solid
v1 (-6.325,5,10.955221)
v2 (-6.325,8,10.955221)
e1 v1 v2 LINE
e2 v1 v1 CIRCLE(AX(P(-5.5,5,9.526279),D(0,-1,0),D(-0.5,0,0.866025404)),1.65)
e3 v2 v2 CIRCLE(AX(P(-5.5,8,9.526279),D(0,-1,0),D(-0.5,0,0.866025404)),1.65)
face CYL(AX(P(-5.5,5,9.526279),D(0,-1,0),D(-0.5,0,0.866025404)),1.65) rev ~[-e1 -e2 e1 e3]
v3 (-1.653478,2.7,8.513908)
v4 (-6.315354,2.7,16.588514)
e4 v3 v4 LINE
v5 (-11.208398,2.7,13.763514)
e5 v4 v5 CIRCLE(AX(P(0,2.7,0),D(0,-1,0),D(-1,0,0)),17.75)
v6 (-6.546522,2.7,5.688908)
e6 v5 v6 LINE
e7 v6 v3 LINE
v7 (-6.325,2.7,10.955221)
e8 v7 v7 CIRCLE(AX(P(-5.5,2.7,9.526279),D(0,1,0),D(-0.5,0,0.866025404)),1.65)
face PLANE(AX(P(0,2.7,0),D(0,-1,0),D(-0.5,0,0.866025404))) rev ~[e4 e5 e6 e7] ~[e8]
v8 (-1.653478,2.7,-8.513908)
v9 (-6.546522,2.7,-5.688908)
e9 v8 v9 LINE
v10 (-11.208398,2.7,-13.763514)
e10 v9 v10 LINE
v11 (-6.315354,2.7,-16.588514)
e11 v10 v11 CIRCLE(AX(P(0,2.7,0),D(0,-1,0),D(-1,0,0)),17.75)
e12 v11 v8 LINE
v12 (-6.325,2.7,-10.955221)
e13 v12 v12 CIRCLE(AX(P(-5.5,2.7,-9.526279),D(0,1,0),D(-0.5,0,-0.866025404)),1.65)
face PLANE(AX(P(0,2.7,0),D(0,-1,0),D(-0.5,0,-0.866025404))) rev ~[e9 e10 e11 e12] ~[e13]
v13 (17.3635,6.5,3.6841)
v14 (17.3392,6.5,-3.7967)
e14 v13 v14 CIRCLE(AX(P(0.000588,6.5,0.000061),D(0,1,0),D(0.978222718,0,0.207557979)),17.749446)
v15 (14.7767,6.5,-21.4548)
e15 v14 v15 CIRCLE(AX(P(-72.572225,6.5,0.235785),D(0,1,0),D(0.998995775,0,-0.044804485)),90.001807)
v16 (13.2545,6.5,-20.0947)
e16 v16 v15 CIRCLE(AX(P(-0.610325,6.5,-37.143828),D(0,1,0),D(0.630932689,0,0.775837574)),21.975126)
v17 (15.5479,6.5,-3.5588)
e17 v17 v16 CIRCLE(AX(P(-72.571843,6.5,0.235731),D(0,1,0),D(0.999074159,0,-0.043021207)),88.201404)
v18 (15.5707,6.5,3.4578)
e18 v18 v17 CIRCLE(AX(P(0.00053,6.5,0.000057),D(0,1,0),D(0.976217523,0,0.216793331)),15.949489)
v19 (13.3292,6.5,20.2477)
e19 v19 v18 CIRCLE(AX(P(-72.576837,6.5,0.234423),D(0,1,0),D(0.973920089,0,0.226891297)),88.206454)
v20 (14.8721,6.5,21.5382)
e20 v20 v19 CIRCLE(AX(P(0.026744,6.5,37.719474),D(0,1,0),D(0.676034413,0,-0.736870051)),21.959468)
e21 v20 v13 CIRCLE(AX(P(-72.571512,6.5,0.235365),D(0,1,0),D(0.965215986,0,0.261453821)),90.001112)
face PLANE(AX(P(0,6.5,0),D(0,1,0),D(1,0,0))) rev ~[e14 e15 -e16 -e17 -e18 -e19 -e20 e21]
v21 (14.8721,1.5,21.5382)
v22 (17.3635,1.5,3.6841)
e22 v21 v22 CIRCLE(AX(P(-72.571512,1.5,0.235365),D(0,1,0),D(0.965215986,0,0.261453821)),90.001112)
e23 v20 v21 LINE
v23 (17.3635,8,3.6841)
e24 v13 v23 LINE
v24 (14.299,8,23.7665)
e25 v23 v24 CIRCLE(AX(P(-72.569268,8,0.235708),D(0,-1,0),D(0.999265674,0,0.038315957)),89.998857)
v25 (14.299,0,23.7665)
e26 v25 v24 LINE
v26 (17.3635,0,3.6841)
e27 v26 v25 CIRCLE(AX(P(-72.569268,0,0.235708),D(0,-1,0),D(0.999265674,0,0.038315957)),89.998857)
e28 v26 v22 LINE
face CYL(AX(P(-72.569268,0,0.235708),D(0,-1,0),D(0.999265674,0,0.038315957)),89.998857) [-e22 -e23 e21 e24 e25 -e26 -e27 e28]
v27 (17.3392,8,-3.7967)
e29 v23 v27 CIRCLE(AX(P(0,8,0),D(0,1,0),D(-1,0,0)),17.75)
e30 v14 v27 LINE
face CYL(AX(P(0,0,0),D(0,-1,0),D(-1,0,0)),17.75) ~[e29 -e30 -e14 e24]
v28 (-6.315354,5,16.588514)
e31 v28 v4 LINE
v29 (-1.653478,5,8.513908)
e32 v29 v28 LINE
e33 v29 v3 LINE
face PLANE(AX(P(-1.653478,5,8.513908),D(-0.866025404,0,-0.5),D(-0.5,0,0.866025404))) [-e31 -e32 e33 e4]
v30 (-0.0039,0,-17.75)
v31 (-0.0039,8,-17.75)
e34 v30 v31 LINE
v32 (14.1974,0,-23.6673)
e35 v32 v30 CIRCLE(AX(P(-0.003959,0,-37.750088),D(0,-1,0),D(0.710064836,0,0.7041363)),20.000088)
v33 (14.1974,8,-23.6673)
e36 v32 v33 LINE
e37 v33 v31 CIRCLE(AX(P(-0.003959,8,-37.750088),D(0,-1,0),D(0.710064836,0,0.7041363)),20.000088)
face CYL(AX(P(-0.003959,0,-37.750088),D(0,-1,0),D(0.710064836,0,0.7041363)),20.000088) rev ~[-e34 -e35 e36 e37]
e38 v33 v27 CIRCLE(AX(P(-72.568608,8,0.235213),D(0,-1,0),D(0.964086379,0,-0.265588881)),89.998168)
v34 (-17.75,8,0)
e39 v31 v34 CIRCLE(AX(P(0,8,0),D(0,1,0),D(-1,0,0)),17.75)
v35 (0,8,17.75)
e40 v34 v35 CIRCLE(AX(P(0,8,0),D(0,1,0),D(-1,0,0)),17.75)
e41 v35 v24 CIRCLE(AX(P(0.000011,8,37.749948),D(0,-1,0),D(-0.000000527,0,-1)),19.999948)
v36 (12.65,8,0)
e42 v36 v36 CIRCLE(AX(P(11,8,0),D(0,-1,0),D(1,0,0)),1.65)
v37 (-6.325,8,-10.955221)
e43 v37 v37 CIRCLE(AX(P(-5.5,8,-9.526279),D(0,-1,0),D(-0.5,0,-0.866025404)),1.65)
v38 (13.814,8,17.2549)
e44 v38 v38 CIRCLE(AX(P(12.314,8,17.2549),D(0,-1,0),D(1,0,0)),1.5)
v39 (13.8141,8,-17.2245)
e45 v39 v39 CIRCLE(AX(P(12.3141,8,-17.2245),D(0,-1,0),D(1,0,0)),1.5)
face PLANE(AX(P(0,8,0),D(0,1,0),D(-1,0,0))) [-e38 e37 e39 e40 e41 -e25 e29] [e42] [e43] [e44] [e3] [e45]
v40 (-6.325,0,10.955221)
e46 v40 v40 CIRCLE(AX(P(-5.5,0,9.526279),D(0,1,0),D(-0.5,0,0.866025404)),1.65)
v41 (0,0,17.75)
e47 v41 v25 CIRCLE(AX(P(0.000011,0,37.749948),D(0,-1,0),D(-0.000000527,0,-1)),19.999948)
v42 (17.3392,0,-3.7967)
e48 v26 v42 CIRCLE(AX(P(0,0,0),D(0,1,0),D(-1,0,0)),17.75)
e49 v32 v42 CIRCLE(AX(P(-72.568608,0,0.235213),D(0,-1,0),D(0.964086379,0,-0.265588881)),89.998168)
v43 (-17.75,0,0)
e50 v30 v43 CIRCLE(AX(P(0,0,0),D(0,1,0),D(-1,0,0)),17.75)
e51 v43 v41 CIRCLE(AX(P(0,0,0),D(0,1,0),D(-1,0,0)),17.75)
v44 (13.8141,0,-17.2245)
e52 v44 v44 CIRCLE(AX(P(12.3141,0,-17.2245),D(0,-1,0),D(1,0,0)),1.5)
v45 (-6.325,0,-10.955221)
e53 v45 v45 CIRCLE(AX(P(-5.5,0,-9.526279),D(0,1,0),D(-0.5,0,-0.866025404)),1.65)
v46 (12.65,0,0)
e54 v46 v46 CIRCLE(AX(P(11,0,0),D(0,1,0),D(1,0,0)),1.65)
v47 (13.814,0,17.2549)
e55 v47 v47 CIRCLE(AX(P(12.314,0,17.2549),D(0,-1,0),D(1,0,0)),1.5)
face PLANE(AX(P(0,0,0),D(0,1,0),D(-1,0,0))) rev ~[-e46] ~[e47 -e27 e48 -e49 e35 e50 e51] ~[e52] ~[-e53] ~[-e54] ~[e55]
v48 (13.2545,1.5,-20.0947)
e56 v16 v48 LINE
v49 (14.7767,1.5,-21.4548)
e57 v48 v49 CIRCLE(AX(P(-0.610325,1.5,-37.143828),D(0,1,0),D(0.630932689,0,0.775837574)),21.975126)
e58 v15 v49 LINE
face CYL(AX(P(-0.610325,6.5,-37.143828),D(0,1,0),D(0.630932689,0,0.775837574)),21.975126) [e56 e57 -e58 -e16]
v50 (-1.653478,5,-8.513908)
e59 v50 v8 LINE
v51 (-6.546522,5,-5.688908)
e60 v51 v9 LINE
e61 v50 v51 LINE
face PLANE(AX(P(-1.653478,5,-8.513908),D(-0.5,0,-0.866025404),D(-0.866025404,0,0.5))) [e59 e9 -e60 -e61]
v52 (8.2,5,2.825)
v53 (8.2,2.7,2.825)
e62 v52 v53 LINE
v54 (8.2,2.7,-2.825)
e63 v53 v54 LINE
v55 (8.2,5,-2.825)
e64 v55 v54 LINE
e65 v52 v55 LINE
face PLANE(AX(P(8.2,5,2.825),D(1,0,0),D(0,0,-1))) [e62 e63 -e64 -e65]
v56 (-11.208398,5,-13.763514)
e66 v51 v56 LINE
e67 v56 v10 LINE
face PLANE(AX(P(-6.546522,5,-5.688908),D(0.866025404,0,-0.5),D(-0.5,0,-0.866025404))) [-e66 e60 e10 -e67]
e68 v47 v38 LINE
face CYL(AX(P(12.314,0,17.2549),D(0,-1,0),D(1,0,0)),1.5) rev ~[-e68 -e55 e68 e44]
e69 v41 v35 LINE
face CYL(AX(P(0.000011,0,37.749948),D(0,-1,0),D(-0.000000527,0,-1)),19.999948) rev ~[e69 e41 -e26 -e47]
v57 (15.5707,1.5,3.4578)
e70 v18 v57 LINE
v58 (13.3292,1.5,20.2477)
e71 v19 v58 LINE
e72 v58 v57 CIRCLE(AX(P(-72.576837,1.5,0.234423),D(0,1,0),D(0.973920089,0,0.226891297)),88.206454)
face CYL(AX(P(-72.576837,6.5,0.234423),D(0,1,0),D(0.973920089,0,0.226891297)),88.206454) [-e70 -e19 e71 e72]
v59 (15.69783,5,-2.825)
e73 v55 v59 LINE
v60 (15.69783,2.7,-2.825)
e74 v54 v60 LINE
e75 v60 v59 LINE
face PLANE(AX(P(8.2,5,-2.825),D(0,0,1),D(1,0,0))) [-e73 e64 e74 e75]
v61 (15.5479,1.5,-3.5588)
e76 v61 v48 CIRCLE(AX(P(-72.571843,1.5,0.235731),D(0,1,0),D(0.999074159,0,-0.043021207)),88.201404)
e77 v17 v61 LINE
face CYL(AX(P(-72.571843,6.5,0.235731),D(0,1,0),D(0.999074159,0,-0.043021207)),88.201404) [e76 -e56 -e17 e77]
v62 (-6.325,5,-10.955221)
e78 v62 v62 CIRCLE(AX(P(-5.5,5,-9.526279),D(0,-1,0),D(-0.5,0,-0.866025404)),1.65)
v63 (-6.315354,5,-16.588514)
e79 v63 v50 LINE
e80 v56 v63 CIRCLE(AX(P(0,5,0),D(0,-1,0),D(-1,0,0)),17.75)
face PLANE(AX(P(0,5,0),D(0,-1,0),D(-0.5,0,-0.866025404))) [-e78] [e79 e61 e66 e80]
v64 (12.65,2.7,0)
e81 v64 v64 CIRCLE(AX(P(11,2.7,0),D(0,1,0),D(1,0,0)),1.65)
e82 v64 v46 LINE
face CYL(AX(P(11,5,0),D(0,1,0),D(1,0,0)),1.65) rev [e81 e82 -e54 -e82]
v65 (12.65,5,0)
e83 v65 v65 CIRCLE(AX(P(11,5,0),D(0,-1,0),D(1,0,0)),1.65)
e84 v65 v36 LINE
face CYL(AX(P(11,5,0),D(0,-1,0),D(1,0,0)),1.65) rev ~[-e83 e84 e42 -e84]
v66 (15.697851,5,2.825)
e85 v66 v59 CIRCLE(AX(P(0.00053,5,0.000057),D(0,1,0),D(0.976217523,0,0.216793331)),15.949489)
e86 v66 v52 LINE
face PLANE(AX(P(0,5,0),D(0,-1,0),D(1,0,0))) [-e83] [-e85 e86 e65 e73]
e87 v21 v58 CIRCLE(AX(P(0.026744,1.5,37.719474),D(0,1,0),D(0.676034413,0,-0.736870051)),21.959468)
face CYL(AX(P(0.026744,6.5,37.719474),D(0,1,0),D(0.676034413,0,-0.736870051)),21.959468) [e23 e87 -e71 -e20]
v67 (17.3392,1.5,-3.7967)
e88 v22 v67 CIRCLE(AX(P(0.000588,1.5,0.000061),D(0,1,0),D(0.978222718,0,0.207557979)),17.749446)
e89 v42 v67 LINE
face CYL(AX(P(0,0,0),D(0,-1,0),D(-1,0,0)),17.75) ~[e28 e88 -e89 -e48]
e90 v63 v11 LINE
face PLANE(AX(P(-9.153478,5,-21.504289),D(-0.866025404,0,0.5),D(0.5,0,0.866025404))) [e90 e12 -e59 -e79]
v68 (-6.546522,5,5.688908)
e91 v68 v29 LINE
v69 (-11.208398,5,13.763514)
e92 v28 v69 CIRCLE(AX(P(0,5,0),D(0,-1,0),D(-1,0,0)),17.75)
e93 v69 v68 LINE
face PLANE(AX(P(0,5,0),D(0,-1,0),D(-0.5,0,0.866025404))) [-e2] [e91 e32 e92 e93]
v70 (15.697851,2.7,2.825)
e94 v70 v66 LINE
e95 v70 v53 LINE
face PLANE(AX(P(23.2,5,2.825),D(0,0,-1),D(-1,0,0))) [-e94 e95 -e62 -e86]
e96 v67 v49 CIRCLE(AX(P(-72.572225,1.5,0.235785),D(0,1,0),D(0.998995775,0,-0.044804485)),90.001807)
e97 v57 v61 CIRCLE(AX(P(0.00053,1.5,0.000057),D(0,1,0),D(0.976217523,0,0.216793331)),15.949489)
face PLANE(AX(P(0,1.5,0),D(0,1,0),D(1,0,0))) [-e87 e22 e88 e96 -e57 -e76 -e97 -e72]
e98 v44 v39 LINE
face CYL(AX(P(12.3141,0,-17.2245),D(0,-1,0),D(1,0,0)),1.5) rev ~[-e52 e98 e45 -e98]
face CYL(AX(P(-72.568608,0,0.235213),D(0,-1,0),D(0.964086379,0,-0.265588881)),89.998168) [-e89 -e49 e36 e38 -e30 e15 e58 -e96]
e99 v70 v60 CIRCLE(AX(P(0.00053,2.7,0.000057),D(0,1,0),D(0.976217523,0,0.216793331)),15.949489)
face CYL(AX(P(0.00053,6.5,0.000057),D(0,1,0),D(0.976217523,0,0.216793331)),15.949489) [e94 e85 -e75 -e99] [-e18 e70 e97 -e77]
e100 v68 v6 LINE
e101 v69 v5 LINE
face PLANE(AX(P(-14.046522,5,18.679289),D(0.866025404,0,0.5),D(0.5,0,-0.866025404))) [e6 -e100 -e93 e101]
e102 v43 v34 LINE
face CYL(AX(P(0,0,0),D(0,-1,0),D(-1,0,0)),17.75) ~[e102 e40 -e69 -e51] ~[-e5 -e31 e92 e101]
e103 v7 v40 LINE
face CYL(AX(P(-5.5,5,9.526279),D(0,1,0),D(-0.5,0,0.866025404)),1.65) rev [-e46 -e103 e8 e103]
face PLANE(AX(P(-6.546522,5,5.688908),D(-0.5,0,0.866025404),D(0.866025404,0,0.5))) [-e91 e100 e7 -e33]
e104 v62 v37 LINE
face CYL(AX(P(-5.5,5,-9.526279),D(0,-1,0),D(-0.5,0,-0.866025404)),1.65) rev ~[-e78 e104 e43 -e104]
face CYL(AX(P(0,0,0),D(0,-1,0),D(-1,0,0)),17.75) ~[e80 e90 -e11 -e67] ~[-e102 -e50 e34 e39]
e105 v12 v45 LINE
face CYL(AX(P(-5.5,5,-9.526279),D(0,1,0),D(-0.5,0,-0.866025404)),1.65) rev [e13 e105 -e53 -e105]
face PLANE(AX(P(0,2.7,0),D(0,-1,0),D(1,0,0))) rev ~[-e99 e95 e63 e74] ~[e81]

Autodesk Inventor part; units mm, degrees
ref_plane "YZ Plane" through (0, 0, 0) normal (1, 0, 0) x (0, 1, 0)
ref_plane "XZ Plane" through (0, 0, 0) normal (0, 1, 0) x (-1, 0, 0)
sketch "Esquisse1" plane through (0, 0, 0) normal (0, 1, 0) x (-1, 0, 0)
  circle A0 centre (0, 0) radius 17.75
  dimension "d0" = 35.5
extrude "Extrusion1" add sketch "Esquisse1" along normal blind 8
ref_plane "Plan de construction1" through (0, 5, 0) normal (0, -1, 0) x (1, 0, 0)
sketch "Esquisse2" plane through (0, 5, 0) normal (0, -1, 0) x (1, 0, 0)
  circle A0 centre (0, 0) radius 17.75 construction
  line L0 (0, 0) -> (11, 0) construction
  circle A1 centre (11, 0) radius 1.65
  dimension "d4" = 11
  dimension "d5" = 3.3
extrude "Extrusion2" cut sketch "Esquisse2" along normal through all both and the other way through all
sketch "Esquisse3" plane through (0, 5, 0) normal (0, -1, 0) x (1, 0, 0)
  line L0 (23.2, 2.825) -> (8.2, 2.825)
  line L1 (8.2, 2.825) -> (8.2, -2.825)
  line L2 (8.2, -2.825) -> (23.2, -2.825)
  line L3 (23.2, -2.825) -> (23.2, 2.825)
  circle A0 centre (11, 0) radius 1.65 construction
  circle A1 centre (0, 0) radius 17.75 construction
  line L4 (0, 0) -> (8.2, 0) construction
  dimension "d8" = 5.65
  dimension "d9" = 2.8
  dimension "d10" = 15
extrude "Extrusion3" cut sketch "Esquisse3" along normal blind 2.3
pattern_circular "Réseau circulaire1" count 3 over 360 about axis through (0, 0, 0) along (0, -1, 0) of "Extrusion3", "Extrusion2"
ref_plane "Work Plane2" through (0, 6.5, 0) normal (0, 1, 0) x (1, 0, 0)
sketch "Sketch4" plane through (0, 6.5, 0) normal (0, 1, 0) x (1, 0, 0)
  circle A0 centre (0, 0) radius 17
  circle A1 centre (-5.5, -9.5263) radius 1.65 projected
  circle A2 centre (11, 0) radius 1.65 projected
  circle A3 centre (0, 0) radius 17.75 projected
  circle A4 centre (0, 0) radius 17.75 projected
  line L0 (-5.1051, -17) -> (-5.1051, 17)
  dimension "d17" = 34
extrude "Extrusion4" [suppressed]
sketch "Sketch7" plane through (0, 0, 0) normal (0, -1, 0) x (1, 0, 0)
  circle A0 centre (-5.5, -9.5263) radius 1.65 projected
  circle A1 centre (-5.5, 9.5263) radius 1.65 projected
  circle A2 centre (11, 0) radius 1.65 projected
  circle A3 centre (0, 0) radius 17.75 projected
  arc A4 (12.2653, -21.0869) -> (-1.702, -23.304) centre (6.3902, -29.1791) ccw construction
  line L0 (12.2653, -21.0869) -> (14.1974, -23.6673) construction
  arc A5 (16.0148, -22.871) -> (19.1393, -21.699) centre (17.1898, -21.2525) ccw construction
  arc A6 (19.1393, -21.699) -> (17.9505, 23.1047) centre (-68.5898, -1.6093) ccw construction
  arc A7 (17.9505, 23.1047) -> (14.8221, 24.7813) centre (15.9506, 23.1301) ccw construction
  line L1 (14.8221, 24.7813) -> (14.299, 23.7665) construction
  circle A8 centre (10.9719, 0.0309) radius 1.5
  circle A9 centre (12.314, 17.2549) radius 1.5
  circle A10 centre (12.3141, -17.2245) radius 1.5
  circle A11 centre (10.9719, -0.0082) radius 3
  circle A12 centre (10.9719, -0.0082) radius 1.5
  circle A13 centre (12.3141, -17.2245) radius 1.5
  circle A14 centre (12.3141, -17.2245) radius 1.5
  arc A15 (14.1974, -23.6673) -> (17.3392, -3.7967) centre (-72.5704, 0.2356) ccw
  arc A16 (17.3635, 3.6841) -> (14.299, 23.7665) centre (-72.5704, 0.2356) ccw
  circle A17 centre (0, 0) radius 17.75 projected
  arc A18 (14.1974, -23.6673) -> (-0.0039, -17.75) centre (-0.0039, -37.75) ccw
  arc A19 (0, 17.75) -> (14.299, 23.7665) centre (0, 37.75) ccw
  circle A20 centre (-5.5, -9.5263) radius 1.65 projected
  circle A21 centre (-5.5, 9.5263) radius 1.65 projected
  circle A22 centre (11, 0) radius 1.65 projected
  circle A23 centre (0, 0) radius 17.75 projected
  dimension "d50" = 1.3141
  dimension "d51" = 17.2245
  dimension "d53" = 20
  dimension "d54" = 20
  dimension "d61" = 1.314
  dimension "d62" = 17.224
  dimension "d63" = 90
  dimension "d64" = 90
  dimension "d66" = 20
  dimension "d67" = 20
extrude "Extrusion5" add sketch "Sketch7" against normal blind 8 contours A3 A19 A16 | A15 A18 A3
sketch "Sketch8" plane through (0, 8, 0) normal (0, 1, 0) x (1, 0, 0)
  circle A0 centre (12.3141, 17.2245) radius 1.5 projected
  circle A1 centre (12.314, -17.2549) radius 1.5 projected
  circle A2 centre (-5.5, 9.5263) radius 1.65 projected
  circle A3 centre (-5.5, -9.5263) radius 1.65 projected
  circle A4 centre (11, 0) radius 1.65 projected
  arc A5 (-0.0039, 17.75) -> (0, -17.75) centre (0, 0) ccw projected
  arc A6 (14.299, -23.7665) -> (0, -17.75) centre (0, -37.75) ccw projected
  arc A7 (14.299, -23.7665) -> (17.3635, -3.6841) centre (-72.5704, -0.2356) ccw projected
  arc A8 (17.3635, -3.6841) -> (17.3392, 3.7967) centre (0, 0) ccw projected
  arc A9 (17.3392, 3.7967) -> (14.1974, 23.6673) centre (-72.5704, -0.2356) ccw projected
  arc A10 (-0.0039, 17.75) -> (14.1974, 23.6673) centre (-0.0039, 37.75) ccw projected
  arc A11 (14.299, -23.7665) -> (0, -17.75) centre (0, -37.75) ccw projected
  arc A12 (14.8721, -21.5382) -> (13.3292, -20.2477) centre (0, -37.75) ccw
  arc A13 (12.6827, -1.3087) -> (12.7364, 0.5886) centre (0, 0) ccw
  arc A14 (10.3425, 14.4255) -> (10.6571, 14.5677) centre (-0.0039, 37.75) ccw
  arc A15 (15.5707, -3.4578) -> (15.5479, 3.5588) centre (0, 0) ccw
  arc A16 (15.5479, 3.5588) -> (13.2545, 20.0947) centre (-72.5704, -0.2356) ccw
  arc A17 (17.3392, 3.7967) -> (14.1974, 23.6673) centre (-72.5704, -0.2356) ccw projected
  arc A18 (13.3292, -20.2477) -> (15.5707, -3.4578) centre (-72.5704, -0.2356) ccw
  arc A19 (11.9075, 19.0825) -> (11.9222, 19.0926) centre (-0.6265, 37.1628) ccw
  arc A20 (13.2545, 20.0947) -> (14.7767, 21.4548) centre (-0.6265, 37.1628) ccw
  dimension "d59" = 2
  dimension "d68" = 1.8
  dimension "d69" = 1.8
ref_plane "Work Plane3" through (0, 6.5, 0) normal (0, 1, 0) x (1, 0, 0)
ref_plane "Work Plane4" through (0, 1.5, 0) normal (0, -1, 0) x (1, 0, 0)
extrude "Extrusion6" cut sketch "Sketch8" against normal up to surface (5 mm away) from surface at -1.5 contours A9 A8 A7 A12 A18 A15 A16 A20
equation "\"d6\" = d5"
properties part number "capacitor_glue"
